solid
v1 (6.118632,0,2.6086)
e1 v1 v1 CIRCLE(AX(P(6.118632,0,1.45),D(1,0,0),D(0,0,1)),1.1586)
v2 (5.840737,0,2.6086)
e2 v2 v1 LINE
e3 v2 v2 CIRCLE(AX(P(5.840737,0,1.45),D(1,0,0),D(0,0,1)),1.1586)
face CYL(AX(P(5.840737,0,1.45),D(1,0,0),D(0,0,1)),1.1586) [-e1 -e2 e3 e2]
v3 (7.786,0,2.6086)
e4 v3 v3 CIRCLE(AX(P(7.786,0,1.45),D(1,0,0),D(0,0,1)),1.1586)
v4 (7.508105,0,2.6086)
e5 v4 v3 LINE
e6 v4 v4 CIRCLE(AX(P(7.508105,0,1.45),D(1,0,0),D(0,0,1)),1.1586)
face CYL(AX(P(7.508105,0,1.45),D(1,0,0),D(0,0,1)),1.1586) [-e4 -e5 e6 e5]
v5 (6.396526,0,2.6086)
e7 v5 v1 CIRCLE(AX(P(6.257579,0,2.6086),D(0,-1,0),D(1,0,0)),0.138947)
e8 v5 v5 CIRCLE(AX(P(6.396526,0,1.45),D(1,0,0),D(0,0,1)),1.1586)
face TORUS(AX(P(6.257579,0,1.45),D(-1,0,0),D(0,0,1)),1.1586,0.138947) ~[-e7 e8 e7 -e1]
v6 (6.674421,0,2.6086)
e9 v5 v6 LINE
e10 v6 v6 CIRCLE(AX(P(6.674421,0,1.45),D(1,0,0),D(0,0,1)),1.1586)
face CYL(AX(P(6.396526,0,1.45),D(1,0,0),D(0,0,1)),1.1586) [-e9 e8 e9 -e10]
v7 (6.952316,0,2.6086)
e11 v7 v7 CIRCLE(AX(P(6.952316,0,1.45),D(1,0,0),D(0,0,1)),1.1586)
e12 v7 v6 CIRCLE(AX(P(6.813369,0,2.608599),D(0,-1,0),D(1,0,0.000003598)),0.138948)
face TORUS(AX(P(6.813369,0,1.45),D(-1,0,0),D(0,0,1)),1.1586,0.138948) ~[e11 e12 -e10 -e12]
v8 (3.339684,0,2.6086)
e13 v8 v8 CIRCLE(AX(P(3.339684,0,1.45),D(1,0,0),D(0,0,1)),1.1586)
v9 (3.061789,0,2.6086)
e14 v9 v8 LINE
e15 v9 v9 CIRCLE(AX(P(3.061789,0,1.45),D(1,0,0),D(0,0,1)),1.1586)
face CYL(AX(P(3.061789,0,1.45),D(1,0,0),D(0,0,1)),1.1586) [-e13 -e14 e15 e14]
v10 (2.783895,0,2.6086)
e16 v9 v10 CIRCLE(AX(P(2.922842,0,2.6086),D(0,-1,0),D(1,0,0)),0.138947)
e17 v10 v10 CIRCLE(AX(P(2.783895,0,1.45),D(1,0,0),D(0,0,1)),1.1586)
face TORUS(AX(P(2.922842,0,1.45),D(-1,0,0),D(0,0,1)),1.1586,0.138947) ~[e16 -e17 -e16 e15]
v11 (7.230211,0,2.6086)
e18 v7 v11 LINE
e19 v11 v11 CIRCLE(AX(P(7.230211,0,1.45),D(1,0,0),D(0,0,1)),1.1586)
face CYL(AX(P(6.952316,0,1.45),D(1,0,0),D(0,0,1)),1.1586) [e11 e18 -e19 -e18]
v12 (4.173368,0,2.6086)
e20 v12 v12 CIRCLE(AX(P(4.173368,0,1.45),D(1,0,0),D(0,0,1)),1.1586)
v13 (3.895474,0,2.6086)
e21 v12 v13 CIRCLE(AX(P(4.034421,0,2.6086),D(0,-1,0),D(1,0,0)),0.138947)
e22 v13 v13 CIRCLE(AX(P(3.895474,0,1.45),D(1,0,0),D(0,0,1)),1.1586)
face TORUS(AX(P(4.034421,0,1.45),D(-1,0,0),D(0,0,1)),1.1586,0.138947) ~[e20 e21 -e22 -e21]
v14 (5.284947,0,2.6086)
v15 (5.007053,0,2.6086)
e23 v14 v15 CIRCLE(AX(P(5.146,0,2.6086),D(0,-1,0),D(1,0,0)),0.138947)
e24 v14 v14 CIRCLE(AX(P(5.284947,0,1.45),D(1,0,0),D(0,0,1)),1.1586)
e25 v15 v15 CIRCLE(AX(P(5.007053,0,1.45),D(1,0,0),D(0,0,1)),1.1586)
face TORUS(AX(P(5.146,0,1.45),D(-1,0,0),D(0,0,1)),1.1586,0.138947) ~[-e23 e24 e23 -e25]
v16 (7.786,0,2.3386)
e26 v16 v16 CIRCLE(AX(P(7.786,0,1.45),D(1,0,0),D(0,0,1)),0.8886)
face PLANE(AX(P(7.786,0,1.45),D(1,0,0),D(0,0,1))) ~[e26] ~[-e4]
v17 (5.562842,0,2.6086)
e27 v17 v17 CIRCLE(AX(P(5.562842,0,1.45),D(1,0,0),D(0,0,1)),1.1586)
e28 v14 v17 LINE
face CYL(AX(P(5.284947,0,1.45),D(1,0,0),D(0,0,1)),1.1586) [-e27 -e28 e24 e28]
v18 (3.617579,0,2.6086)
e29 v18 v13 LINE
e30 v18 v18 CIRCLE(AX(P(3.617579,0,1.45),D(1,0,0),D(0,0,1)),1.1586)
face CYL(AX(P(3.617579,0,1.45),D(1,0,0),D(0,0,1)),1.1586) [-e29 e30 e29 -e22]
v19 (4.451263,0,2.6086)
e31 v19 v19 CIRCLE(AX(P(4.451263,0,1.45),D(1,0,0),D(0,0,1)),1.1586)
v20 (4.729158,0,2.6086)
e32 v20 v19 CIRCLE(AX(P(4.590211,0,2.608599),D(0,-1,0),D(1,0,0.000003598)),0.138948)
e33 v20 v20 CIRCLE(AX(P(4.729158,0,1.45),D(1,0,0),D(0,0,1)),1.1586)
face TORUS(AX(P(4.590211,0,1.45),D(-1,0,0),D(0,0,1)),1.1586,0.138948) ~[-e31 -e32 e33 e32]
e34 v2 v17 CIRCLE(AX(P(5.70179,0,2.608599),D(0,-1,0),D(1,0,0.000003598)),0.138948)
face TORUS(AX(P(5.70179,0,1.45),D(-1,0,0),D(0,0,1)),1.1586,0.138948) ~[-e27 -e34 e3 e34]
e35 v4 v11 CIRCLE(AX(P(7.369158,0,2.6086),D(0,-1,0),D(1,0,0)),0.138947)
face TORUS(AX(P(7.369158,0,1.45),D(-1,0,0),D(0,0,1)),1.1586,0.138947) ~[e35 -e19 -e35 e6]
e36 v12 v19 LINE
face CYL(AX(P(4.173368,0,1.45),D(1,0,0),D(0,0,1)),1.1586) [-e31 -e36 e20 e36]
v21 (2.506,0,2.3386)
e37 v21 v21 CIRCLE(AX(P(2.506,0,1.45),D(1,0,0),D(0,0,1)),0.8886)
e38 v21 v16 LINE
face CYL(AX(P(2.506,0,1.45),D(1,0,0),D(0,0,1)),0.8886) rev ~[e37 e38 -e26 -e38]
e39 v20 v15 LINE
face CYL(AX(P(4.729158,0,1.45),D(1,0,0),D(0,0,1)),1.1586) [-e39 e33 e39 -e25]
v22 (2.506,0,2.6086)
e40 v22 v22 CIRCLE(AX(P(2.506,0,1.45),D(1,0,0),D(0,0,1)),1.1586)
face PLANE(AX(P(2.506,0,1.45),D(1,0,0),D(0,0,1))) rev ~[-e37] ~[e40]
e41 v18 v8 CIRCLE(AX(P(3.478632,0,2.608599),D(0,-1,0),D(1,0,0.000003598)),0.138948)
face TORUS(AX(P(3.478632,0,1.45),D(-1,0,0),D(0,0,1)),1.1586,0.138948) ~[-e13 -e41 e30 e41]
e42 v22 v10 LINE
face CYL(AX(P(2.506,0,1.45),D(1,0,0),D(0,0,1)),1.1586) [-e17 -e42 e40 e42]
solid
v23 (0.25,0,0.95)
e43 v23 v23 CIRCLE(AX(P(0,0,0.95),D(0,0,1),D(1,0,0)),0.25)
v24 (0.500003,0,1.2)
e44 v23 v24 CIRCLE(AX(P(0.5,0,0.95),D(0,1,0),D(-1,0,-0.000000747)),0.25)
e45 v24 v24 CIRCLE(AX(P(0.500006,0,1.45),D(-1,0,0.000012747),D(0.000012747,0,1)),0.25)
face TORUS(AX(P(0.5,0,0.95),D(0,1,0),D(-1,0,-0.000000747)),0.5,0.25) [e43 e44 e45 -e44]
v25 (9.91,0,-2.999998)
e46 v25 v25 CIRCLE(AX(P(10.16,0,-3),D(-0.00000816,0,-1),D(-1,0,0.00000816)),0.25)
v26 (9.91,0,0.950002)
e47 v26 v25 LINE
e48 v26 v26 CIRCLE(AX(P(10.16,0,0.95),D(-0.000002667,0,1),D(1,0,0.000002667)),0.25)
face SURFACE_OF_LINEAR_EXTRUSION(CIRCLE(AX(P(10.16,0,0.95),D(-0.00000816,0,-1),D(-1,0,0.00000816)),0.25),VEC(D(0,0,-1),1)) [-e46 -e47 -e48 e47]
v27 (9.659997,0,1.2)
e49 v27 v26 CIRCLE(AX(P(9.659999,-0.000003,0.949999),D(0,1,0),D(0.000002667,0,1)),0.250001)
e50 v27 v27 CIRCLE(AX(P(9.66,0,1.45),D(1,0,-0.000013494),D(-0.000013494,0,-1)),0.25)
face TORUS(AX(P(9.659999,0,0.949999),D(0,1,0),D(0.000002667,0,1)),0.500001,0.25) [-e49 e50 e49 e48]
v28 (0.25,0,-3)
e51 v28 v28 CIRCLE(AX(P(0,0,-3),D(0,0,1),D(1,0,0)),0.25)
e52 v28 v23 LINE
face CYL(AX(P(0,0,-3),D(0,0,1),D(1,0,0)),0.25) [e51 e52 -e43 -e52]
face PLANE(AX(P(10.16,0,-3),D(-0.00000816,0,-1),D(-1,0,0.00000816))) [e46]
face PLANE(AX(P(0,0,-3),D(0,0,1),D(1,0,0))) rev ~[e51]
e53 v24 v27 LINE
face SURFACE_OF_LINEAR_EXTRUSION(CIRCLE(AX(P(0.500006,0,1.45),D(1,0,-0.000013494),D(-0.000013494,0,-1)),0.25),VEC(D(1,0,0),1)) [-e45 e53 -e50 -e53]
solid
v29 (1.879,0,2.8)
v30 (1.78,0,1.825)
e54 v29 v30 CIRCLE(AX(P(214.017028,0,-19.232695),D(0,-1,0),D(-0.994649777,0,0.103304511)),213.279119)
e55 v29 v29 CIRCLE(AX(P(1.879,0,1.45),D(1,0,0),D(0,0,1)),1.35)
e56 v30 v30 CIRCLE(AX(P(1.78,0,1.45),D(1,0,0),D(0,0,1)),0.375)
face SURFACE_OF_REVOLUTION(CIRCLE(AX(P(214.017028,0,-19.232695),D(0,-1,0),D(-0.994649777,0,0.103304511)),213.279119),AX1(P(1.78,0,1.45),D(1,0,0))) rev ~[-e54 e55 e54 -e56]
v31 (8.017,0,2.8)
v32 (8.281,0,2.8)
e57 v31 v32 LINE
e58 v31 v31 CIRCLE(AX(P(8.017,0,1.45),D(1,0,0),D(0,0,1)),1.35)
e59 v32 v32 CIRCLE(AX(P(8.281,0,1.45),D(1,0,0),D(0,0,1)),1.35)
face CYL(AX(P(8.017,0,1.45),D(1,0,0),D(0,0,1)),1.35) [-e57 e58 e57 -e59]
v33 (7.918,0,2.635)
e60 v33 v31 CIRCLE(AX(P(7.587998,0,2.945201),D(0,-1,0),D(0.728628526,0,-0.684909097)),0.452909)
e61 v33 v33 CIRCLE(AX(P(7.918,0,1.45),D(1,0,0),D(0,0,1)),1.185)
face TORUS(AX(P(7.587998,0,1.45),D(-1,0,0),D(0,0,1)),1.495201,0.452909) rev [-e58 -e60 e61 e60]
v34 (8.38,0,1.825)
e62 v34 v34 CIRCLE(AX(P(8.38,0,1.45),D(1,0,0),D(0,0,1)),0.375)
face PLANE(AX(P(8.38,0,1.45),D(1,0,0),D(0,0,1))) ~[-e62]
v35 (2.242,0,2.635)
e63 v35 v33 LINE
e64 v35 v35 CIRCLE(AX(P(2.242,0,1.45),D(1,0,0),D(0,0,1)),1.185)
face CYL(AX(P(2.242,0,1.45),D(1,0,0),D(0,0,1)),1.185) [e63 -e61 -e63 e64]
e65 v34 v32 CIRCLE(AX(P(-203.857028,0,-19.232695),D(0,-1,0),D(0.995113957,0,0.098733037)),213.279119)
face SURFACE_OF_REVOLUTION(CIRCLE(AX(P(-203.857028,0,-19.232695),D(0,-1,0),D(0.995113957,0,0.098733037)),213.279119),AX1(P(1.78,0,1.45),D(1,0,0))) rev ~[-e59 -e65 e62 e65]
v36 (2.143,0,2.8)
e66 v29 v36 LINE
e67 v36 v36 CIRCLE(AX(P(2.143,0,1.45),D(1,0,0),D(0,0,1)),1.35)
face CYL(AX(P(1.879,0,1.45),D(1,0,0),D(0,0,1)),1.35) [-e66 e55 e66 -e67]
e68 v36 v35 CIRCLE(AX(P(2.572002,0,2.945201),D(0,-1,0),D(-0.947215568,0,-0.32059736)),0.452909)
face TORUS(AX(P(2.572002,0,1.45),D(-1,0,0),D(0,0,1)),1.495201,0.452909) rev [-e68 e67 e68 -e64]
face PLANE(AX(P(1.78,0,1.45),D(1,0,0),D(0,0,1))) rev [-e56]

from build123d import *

# Parameters (mm, degrees)
SKETCH_R = 0.25


with BuildPart() as revolution:
    # Sketch002 → Revolution (revolve)
    with BuildSketch(Plane.XZ):
        with BuildLine():
            Line((1.879, 2.8), (2.143, 2.8))
            ThreePointArc((2.143, 2.8), (2.183636, 2.712182), (2.242, 2.635))
            Line((2.242, 2.635), (7.918, 2.635))
            ThreePointArc((7.918, 2.635), (7.976364, 2.712182), (8.017, 2.8))
            Line((8.017, 2.8), (8.281, 2.8))
            ThreePointArc((8.38, 1.825), (8.33106, 2.312557), (8.281, 2.8))
            Line((8.38, 1.45), (8.38, 1.825))
            Line((1.78, 1.45), (8.38, 1.45))
            Line((1.78, 1.45), (1.78, 1.825))
            ThreePointArc((1.879, 2.8), (1.82894, 2.312557), (1.78, 1.825))
        make_face()
    revolve(axis=Axis((1.78, 0, 1.45), (1, 0, 0)))


with BuildPart() as sweep_body:
    # Sweep: sweep along a path in Sketch001
    with BuildLine(Plane.XZ) as sweep_path:
        Line((0, -3), (0, 0.95))
        ThreePointArc((0, 0.95), (0.146449, 1.303556), (0.500006, 1.45))
        Line((0.500006, 1.45), (9.66, 1.45))
        ThreePointArc((9.66, 1.45), (10.013553, 1.303553), (10.16, 0.95))
        Line((10.16, 0.95), (10.16, -3))
    # Sketch → Sweep (sweep)
    with BuildSketch(Plane.XY.offset(-2)):
        Circle(SKETCH_R)
    sweep(path=sweep_path.line)


with BuildPart() as revolution001:
    # Sketch003 → Revolution001 (revolve)
    with BuildSketch(Plane.XZ):
        with BuildLine():
            ThreePointArc((3.061789, 2.6086), (2.922842, 2.747547), (2.783895, 2.6086))
            Line((2.506, 2.6086), (2.783895, 2.6086))
            Line((2.506, 2.6086), (2.506, 2.3386))
            Line((2.506, 2.3386), (7.786, 2.3386))
            Line((7.786, 2.3386), (7.786, 2.6086))
            Line((7.508105, 2.6086), (7.786, 2.6086))
            ThreePointArc((7.508105, 2.6086), (7.369158, 2.747547), (7.230211, 2.6086))
            Line((6.952316, 2.6086), (7.230211, 2.6086))
            ThreePointArc((6.952316, 2.6086), (6.813368, 2.747547), (6.674421, 2.6086))
            Line((6.396526, 2.6086), (6.674421, 2.6086))
            ThreePointArc((6.396526, 2.6086), (6.257579, 2.747547), (6.118632, 2.6086))
            Line((5.840737, 2.6086), (6.118632, 2.6086))
            ThreePointArc((5.840737, 2.6086), (5.701789, 2.747547), (5.562842, 2.6086))
            Line((5.284947, 2.6086), (5.562842, 2.6086))
            ThreePointArc((5.284947, 2.6086), (5.146, 2.747547), (5.007053, 2.6086))
            Line((4.729158, 2.6086), (5.007053, 2.6086))
            ThreePointArc((4.729158, 2.6086), (4.590211, 2.747547), (4.451263, 2.6086))
            Line((4.173368, 2.6086), (4.451263, 2.6086))
            ThreePointArc((4.173368, 2.6086), (4.034421, 2.747547), (3.895474, 2.6086))
            Line((3.617579, 2.6086), (3.895474, 2.6086))
            ThreePointArc((3.617579, 2.6086), (3.478632, 2.747547), (3.339684, 2.6086))
            Line((3.061789, 2.6086), (3.339684, 2.6086))
        make_face()
    revolve(axis=Axis((1.945, 0, 1.45), (1, 0, 0)))


solid = Compound([revolution.part, sweep_body.part, revolution001.part])
